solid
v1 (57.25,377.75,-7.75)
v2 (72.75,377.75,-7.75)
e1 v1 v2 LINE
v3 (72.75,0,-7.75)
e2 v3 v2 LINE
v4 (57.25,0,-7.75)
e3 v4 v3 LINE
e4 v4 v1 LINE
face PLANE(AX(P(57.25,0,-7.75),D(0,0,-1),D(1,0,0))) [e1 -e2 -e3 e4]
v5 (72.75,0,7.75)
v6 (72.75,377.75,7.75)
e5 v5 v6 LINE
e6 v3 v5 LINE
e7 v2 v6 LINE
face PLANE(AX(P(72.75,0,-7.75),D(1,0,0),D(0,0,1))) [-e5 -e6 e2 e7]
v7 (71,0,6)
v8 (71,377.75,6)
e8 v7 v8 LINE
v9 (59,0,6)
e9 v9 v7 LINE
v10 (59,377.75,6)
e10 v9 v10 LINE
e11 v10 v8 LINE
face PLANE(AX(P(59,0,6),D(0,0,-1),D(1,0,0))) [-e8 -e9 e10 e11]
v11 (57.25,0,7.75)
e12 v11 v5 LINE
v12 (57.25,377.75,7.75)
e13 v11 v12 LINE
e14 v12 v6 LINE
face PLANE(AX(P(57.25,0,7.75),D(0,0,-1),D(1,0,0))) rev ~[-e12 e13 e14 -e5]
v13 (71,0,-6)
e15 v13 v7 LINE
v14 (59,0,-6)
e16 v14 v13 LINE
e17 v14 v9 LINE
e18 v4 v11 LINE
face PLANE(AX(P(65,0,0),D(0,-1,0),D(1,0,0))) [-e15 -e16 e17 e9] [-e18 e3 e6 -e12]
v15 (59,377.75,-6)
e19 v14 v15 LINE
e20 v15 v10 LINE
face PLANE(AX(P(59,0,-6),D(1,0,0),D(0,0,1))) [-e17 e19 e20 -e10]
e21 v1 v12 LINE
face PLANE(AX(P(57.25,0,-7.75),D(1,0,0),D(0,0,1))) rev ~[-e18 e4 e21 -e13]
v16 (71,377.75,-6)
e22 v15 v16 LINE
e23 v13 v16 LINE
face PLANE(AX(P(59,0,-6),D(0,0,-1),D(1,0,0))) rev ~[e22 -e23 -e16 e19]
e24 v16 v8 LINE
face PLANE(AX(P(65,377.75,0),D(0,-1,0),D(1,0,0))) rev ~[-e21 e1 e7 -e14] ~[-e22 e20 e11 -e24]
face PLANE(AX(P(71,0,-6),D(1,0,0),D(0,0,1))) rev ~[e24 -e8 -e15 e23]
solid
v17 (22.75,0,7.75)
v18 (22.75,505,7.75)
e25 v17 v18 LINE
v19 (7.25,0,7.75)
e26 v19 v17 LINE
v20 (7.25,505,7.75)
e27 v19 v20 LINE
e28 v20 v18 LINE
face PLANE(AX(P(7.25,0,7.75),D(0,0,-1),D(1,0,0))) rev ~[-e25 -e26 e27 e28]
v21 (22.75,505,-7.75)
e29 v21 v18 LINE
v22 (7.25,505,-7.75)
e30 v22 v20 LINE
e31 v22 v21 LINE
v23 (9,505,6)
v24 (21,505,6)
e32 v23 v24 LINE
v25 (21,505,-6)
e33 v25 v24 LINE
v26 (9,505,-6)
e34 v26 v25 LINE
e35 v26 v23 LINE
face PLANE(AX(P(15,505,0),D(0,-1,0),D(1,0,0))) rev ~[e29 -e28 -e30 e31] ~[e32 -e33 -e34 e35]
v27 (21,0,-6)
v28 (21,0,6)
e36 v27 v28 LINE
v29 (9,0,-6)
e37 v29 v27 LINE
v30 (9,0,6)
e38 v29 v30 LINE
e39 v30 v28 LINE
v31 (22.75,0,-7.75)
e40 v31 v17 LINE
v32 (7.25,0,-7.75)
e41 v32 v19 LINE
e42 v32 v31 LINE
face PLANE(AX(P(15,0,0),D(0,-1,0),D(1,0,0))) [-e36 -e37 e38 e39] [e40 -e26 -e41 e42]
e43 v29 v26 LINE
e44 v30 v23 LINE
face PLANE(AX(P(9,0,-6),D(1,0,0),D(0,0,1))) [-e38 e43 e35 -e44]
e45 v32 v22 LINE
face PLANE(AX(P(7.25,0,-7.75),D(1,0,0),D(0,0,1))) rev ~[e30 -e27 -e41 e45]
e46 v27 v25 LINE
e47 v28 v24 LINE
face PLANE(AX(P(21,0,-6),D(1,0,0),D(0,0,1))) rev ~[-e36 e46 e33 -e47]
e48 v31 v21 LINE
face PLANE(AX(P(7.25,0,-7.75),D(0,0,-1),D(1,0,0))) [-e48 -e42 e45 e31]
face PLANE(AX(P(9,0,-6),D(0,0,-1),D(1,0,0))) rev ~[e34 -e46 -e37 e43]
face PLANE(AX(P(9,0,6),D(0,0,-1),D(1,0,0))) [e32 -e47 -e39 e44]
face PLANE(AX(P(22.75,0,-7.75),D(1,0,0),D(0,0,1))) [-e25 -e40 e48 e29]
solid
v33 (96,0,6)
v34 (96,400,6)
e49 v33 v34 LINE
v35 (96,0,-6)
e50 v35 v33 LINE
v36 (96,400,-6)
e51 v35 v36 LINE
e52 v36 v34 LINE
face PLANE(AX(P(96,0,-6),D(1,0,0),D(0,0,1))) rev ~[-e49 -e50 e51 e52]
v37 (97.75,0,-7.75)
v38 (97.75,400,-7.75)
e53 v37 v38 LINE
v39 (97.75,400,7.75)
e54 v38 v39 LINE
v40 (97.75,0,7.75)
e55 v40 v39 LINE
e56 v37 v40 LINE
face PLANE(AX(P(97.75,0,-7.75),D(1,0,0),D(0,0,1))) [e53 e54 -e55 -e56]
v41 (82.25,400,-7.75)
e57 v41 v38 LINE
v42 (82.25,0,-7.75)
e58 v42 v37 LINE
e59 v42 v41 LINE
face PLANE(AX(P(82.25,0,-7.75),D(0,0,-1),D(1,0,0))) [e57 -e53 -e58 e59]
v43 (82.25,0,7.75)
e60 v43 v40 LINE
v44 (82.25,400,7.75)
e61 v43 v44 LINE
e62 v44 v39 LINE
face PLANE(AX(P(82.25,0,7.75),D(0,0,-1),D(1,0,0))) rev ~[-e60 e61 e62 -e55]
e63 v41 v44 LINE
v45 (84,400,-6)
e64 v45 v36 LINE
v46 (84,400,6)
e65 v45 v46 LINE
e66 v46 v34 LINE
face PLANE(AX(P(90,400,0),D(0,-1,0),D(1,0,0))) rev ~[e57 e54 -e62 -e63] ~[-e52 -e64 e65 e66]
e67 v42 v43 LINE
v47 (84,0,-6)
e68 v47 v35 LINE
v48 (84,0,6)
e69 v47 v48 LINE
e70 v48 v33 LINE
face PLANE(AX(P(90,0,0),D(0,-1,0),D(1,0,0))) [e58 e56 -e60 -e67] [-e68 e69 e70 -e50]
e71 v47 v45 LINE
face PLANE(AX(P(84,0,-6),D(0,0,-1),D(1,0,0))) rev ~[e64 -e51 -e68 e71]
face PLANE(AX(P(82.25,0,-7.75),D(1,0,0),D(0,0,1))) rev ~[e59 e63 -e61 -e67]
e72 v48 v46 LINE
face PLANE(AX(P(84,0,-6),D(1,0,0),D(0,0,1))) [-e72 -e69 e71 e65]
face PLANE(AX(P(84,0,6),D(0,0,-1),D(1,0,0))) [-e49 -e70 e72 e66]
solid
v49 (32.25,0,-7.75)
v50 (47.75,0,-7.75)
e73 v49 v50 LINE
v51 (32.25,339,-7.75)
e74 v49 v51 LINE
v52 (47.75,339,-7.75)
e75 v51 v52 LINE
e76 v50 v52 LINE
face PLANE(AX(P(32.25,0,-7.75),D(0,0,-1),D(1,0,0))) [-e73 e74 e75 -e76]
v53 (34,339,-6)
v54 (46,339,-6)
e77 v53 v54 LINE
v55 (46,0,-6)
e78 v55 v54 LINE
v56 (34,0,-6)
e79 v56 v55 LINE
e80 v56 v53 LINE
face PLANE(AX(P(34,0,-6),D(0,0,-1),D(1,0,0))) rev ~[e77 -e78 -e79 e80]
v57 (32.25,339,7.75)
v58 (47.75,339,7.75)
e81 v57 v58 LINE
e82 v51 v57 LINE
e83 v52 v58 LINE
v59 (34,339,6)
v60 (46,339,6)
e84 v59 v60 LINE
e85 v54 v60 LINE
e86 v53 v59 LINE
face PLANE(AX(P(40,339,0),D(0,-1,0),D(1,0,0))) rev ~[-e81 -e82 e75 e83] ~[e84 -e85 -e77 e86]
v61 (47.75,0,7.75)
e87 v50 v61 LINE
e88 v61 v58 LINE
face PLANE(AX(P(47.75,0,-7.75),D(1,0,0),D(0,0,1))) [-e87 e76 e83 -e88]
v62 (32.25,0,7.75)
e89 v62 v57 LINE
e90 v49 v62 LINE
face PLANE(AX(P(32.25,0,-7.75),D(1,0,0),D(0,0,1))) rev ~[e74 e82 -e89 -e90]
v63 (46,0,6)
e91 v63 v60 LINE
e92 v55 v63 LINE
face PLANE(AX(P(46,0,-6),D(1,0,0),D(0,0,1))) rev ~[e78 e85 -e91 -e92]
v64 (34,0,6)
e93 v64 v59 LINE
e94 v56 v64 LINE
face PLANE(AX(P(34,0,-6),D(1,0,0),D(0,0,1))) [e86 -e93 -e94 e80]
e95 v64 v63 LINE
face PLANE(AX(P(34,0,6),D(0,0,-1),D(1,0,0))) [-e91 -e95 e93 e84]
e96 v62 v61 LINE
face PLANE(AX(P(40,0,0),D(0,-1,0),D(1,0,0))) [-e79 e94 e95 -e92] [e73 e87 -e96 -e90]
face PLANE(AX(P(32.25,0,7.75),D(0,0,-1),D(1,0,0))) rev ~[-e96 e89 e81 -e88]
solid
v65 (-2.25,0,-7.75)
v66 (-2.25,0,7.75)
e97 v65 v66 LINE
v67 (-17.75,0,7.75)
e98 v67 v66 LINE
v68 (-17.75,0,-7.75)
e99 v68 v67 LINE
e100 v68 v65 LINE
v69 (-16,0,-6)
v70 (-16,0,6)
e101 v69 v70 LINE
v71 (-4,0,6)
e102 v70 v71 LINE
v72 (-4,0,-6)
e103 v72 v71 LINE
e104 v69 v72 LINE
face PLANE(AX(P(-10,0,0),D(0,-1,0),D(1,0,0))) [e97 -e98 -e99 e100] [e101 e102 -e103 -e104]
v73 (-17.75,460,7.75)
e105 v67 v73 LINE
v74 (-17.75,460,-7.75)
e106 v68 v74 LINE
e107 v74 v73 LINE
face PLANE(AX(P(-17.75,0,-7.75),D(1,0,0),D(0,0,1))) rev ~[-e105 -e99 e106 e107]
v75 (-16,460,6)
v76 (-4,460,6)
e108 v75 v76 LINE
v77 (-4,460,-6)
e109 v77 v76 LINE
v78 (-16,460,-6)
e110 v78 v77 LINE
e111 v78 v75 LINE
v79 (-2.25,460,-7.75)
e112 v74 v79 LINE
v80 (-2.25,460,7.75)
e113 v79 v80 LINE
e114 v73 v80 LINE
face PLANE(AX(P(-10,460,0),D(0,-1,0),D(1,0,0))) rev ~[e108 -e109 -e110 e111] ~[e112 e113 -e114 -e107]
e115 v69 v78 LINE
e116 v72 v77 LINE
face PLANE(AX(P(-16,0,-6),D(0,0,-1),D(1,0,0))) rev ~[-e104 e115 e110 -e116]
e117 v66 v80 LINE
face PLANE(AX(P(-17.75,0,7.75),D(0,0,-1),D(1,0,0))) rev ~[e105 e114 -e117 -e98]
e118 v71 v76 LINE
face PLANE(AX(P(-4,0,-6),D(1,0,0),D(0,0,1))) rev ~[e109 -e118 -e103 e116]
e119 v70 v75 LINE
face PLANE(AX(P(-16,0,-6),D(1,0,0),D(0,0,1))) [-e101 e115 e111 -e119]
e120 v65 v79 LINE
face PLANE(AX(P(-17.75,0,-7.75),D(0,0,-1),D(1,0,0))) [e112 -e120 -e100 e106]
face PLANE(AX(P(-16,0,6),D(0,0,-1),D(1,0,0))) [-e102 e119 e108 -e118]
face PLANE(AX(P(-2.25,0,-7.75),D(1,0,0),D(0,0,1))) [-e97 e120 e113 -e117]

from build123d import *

# Parameters (mm, degrees)
F0_W     = 15.5
F0_H     = 15.5
F0_W_2   = 12
F0_H_2   = 12
F1_DEPTH = 460
F2_DEPTH = 505
F3_DEPTH = 339
F4_DEPTH = 377.75
F5_DEPTH = 400


with BuildPart() as f1:
    # F0 (on Front) → F1 (new body)
    with BuildSketch(Plane.XZ):
        with Locations((-10, 0)):
            Rectangle(F0_W, F0_H)
        with Locations((-10, 0)):
            Rectangle(F0_W_2, F0_H_2, mode=Mode.SUBTRACT)
    extrude(amount=-F1_DEPTH)


with BuildPart() as f2:
    # F0 (on Front) → F2 (new body)
    with BuildSketch(Plane.XZ):
        with Locations((15, 0)):
            Rectangle(F0_W, F0_H)
        with Locations((15, 0)):
            Rectangle(F0_W_2, F0_H_2, mode=Mode.SUBTRACT)
    extrude(amount=-F2_DEPTH)


with BuildPart() as f3:
    # F0 (on Front) → F3 (new body)
    with BuildSketch(Plane.XZ):
        with Locations((40, 0)):
            Rectangle(F0_W, F0_H)
        with Locations((40, 0)):
            Rectangle(F0_W_2, F0_H_2, mode=Mode.SUBTRACT)
    extrude(amount=-F3_DEPTH)


with BuildPart() as f4:
    # F0 (on Front) → F4 (new body)
    with BuildSketch(Plane.XZ):
        with Locations((65, 0)):
            Rectangle(F0_W, F0_H)
        with Locations((65, 0)):
            Rectangle(F0_W_2, F0_H_2, mode=Mode.SUBTRACT)
    extrude(amount=-F4_DEPTH)


with BuildPart() as f5:
    # F0 (on Front) → F5 (new body)
    with BuildSketch(Plane.XZ):
        with Locations((90, 0)):
            Rectangle(F0_W, F0_H)
        with Locations((90, 0)):
            Rectangle(F0_W_2, F0_H_2, mode=Mode.SUBTRACT)
    extrude(amount=-F5_DEPTH)


solid = Compound([f1.part, f2.part, f3.part, f4.part, f5.part])
